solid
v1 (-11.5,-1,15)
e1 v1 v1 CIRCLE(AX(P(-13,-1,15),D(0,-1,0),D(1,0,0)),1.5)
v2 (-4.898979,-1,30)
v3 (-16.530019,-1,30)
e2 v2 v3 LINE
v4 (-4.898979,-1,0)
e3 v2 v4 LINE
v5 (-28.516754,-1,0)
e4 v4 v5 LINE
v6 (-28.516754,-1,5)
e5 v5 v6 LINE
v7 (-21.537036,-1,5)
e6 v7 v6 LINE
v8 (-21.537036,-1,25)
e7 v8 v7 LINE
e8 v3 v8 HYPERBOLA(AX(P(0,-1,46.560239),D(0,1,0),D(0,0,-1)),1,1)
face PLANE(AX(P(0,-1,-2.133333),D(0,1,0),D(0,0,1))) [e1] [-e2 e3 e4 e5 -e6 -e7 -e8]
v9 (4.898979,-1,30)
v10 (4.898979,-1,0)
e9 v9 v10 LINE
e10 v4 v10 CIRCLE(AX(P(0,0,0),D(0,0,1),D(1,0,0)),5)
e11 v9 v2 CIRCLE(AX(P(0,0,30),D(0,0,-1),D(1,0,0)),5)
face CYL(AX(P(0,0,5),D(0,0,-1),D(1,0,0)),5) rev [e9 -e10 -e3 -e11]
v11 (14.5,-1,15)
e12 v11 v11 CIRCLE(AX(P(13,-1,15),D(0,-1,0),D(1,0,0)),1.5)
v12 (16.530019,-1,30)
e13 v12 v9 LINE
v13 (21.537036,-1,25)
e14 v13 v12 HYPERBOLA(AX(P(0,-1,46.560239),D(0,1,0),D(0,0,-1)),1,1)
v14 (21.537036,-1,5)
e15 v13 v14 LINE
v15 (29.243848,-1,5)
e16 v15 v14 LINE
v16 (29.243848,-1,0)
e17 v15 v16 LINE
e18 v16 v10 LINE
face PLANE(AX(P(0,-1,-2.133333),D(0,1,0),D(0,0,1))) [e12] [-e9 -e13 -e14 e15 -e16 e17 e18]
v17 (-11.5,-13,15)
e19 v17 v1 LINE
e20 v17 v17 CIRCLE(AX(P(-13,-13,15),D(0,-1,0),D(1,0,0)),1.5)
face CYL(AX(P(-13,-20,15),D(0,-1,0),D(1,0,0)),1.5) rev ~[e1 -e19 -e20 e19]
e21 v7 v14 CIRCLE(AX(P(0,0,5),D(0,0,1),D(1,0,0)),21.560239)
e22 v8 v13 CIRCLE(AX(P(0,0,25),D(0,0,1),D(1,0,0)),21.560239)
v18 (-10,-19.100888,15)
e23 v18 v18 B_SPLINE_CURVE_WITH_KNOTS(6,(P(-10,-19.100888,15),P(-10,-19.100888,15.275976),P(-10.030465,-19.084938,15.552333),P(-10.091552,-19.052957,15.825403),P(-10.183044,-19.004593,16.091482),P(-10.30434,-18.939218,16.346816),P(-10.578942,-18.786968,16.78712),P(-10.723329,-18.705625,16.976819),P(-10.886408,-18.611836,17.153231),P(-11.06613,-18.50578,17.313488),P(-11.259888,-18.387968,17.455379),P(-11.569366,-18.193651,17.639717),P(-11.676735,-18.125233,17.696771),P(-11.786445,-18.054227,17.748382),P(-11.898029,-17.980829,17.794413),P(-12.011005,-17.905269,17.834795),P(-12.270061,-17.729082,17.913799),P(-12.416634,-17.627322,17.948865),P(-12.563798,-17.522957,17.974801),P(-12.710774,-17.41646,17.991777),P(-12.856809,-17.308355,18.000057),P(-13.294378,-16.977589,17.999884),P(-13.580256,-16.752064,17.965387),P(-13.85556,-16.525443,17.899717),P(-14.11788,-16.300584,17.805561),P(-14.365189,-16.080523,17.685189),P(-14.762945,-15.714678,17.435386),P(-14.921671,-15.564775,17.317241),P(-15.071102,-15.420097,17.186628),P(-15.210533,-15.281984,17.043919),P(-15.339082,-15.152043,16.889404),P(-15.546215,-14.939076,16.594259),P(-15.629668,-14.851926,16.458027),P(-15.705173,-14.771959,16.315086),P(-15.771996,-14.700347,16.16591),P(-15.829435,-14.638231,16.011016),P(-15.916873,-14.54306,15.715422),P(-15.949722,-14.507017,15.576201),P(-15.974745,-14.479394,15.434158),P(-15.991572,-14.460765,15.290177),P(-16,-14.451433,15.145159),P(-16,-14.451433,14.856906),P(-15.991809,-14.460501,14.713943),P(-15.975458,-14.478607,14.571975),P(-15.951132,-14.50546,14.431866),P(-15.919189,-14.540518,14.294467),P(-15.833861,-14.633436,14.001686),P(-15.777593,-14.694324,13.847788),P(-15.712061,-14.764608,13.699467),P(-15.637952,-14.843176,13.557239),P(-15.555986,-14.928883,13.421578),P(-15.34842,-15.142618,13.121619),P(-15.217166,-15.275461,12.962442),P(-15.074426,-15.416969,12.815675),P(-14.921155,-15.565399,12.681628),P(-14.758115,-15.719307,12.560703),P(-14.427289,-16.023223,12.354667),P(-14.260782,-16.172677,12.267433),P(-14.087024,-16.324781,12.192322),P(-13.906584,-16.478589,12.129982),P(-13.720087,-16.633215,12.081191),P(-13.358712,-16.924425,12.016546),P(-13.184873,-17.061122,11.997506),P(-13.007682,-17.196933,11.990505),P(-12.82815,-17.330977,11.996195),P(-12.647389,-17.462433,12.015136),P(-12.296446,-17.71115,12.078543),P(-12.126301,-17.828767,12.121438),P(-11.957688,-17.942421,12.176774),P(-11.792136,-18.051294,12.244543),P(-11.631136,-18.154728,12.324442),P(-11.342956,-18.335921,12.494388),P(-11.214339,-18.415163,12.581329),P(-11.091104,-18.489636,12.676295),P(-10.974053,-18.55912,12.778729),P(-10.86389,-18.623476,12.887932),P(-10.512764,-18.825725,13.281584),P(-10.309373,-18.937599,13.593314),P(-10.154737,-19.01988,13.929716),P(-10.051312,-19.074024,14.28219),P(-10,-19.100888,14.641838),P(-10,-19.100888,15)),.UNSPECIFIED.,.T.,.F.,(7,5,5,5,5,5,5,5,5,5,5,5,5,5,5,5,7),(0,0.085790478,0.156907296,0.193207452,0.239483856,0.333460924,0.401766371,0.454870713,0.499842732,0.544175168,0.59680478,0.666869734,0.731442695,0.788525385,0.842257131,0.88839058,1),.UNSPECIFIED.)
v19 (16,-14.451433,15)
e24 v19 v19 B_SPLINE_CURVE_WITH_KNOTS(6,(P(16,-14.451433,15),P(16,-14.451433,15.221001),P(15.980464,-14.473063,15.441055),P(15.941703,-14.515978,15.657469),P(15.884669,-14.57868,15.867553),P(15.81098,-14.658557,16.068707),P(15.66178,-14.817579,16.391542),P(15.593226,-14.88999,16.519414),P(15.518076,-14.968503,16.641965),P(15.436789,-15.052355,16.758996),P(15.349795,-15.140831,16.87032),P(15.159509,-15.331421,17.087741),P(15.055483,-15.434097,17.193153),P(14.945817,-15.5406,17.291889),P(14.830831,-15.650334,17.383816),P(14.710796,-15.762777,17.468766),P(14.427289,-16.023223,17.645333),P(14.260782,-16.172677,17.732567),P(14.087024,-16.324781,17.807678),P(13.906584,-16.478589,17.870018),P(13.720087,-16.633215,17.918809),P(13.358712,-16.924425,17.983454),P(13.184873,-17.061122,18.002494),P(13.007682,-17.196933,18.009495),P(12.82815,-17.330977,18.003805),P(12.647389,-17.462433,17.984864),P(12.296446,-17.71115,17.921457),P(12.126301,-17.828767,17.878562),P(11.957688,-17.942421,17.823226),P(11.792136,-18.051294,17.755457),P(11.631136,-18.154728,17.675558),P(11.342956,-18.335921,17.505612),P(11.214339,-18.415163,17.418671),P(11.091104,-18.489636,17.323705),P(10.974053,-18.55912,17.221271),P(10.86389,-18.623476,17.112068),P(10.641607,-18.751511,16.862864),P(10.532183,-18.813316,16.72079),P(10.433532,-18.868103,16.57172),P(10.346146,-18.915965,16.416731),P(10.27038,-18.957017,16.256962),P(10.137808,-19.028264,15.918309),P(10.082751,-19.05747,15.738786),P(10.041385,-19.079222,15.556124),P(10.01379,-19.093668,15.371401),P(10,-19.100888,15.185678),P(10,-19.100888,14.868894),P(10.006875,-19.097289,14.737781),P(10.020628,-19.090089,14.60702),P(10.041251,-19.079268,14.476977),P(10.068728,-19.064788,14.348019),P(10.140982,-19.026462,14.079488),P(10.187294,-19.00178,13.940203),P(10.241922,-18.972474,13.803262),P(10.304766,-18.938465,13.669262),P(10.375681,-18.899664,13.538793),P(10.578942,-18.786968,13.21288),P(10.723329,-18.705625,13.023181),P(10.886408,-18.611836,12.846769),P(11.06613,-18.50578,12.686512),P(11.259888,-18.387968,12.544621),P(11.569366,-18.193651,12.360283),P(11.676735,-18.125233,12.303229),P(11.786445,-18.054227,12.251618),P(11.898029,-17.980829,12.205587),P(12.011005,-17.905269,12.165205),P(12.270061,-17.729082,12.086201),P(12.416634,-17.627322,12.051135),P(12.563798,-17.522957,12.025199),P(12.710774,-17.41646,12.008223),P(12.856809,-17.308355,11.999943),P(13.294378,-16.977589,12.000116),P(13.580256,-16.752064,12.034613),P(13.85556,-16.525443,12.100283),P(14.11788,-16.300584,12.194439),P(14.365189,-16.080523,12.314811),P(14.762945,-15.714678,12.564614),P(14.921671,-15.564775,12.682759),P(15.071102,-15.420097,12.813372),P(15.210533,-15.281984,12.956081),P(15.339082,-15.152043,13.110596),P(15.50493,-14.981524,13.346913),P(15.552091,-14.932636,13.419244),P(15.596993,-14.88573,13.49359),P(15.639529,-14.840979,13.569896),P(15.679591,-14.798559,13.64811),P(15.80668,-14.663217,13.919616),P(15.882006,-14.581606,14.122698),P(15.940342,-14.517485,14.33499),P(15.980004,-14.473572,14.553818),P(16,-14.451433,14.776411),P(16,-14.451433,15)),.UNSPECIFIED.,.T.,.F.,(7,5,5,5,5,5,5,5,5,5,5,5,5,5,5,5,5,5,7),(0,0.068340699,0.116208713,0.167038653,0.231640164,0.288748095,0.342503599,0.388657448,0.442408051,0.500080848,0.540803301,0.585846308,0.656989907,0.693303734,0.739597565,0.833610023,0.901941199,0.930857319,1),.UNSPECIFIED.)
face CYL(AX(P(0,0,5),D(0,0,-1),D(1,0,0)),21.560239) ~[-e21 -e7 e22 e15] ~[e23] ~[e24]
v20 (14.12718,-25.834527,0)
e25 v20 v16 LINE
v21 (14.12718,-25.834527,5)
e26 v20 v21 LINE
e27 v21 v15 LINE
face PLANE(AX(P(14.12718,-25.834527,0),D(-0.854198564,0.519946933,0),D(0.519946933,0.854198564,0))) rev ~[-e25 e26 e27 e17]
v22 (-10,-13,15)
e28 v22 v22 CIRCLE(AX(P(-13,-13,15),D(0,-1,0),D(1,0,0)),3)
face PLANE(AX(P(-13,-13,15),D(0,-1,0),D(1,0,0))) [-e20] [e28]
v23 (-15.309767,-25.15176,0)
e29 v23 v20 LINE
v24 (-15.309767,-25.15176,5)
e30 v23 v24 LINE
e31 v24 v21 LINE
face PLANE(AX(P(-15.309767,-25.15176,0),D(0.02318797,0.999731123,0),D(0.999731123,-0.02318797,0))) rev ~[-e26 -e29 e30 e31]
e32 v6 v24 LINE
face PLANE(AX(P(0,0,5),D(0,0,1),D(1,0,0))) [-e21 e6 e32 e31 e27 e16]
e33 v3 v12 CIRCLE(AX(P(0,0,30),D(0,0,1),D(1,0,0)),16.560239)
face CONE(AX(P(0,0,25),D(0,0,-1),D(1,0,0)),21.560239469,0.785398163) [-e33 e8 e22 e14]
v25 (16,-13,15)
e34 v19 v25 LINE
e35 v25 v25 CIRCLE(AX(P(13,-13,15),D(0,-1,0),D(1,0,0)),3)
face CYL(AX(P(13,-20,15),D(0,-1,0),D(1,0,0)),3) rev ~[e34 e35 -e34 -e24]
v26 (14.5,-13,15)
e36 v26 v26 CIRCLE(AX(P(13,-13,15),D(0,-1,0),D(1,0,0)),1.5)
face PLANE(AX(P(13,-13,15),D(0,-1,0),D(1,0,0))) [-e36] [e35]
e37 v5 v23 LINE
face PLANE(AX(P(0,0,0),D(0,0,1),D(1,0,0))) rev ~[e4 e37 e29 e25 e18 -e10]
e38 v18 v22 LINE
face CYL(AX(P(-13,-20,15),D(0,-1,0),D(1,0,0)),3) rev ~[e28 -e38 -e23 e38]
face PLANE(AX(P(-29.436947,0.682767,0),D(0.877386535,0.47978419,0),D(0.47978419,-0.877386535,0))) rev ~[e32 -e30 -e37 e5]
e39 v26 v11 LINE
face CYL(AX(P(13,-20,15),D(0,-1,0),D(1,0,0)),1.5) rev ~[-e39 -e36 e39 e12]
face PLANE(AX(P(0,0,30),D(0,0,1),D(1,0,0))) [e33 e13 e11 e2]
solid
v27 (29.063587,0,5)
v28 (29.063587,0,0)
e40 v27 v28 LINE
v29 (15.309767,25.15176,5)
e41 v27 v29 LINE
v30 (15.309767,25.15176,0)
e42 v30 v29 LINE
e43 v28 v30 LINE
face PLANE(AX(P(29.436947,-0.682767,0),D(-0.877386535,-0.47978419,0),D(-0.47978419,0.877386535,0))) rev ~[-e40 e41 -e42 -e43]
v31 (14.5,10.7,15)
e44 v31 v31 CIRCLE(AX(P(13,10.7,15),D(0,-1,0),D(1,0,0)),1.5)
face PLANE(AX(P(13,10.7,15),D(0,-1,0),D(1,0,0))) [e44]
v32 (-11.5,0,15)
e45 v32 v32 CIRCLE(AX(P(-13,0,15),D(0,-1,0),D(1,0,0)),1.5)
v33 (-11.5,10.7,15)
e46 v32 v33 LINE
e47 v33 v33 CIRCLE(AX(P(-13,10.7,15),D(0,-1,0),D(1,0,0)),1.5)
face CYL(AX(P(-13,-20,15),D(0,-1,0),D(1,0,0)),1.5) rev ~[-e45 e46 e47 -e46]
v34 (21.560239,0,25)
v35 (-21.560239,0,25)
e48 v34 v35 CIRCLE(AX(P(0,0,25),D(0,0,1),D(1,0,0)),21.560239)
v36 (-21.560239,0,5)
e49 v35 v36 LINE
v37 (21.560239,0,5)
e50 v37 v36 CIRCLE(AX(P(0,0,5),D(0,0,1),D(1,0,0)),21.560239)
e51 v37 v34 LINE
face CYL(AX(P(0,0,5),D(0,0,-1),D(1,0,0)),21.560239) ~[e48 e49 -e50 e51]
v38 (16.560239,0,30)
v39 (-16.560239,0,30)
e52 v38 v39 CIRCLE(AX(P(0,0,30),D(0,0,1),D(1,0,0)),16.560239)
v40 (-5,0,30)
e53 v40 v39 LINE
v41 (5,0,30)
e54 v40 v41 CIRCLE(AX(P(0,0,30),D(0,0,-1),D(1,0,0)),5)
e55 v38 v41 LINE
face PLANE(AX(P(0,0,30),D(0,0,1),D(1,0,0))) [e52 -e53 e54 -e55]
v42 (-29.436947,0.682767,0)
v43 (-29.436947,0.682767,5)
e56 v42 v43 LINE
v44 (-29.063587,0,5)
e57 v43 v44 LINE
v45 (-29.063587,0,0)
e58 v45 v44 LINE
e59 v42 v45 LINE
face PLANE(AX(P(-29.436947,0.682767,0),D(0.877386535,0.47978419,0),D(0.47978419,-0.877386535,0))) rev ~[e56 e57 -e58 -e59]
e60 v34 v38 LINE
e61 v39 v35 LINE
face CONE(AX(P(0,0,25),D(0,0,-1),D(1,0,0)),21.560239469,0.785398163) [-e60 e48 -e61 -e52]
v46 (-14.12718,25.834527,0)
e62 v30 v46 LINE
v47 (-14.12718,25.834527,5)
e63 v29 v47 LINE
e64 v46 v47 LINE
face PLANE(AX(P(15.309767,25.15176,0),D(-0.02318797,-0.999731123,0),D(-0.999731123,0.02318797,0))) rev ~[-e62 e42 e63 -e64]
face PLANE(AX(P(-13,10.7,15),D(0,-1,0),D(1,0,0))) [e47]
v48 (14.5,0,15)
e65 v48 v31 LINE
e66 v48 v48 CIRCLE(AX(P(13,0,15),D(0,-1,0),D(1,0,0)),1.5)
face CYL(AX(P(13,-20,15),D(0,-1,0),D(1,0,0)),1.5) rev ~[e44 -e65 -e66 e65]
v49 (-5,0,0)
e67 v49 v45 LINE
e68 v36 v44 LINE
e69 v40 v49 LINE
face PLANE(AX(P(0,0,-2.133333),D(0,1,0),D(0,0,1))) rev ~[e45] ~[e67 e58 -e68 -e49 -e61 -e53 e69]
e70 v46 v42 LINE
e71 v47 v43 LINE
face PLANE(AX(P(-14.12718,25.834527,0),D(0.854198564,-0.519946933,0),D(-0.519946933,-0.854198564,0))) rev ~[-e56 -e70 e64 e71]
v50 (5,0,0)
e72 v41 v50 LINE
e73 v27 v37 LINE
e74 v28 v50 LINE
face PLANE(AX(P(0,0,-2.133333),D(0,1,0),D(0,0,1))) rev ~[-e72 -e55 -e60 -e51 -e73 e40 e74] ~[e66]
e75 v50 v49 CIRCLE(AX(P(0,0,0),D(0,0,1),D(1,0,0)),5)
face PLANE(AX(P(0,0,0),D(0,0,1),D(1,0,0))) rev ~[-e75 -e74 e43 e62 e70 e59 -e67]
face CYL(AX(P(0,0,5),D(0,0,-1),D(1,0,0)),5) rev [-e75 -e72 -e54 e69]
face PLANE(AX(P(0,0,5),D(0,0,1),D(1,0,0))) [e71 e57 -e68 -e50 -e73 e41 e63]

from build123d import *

# Parameters (mm, degrees)
F0_R      = 5
F1_DEPTH  = 5
F2_R      = 21.5602394688
F3_DEPTH  = 25
F4_SIZE   = 5
F5_DEPTH  = 25.001
F7_R      = 3
F7_R_2    = 1.5
F8_DEPTH  = 7
F9_DEPTH  = 30.7
F10_W     = 1
F10_H     = 40
F11_DEPTH = 50


with BuildPart() as f1:
    # F0 (on Top) → F1 (new body)
    with BuildSketch(Plane.XY):
        Polygon((-14.1271800967, 25.8345269458), (-29.4369466782, 0.6827666253), (-15.3097665815, -25.1517603205), (14.1271800967, -25.8345269458), (29.4369466782, -0.6827666253), (15.3097665815, 25.1517603205), align=None)
        Circle(F0_R, mode=Mode.SUBTRACT)
    extrude(amount=F1_DEPTH)

    # F2 (on face) → F3 (join)
    with BuildSketch(Plane.XY.offset(5)):
        Circle(F2_R)
    extrude(amount=F3_DEPTH)

    # F4
    f4_edges = [f1.edges().sort_by_distance(p)[0] for p in [
        (-21.560239, 0, 30),
    ]]
    chamfer(f4_edges, length=F4_SIZE)

    # F5 (cut, through all): a face of the model
    f5_faces = [f1.faces().sort_by_distance(p)[0] for p in [
        (0, 0, 5),
    ]]
    extrude(f5_faces, amount=-F5_DEPTH, mode=Mode.SUBTRACT)

    # F7 (on offset) → F8 (cut)
    with BuildSketch(Plane.XZ.offset(20)):
        with Locations((13, 15)):
            Circle(F7_R)
        with Locations((13, 15)):
            Circle(F7_R_2, mode=Mode.SUBTRACT)
        with Locations((-13, 15)):
            Circle(F7_R)
        with Locations((-13, 15)):
            Circle(F7_R_2, mode=Mode.SUBTRACT)
        with Locations((13, 15)):
            Circle(F7_R_2)
        with Locations((-13, 15)):
            Circle(F7_R_2)
    extrude(amount=-F8_DEPTH, mode=Mode.SUBTRACT)

    # F7 (on offset) → F9 (cut)
    with BuildSketch(Plane.XZ.offset(20)):
        with Locations((-13, 15)):
            Circle(F7_R_2)
        with Locations((13, 15)):
            Circle(F7_R_2)
    extrude(amount=-F9_DEPTH, mode=Mode.SUBTRACT)

    # F10 (on Right) → F11 (cut, symmetric)
    with BuildSketch(Plane.YZ):
        with Locations((-0.5, 17.8666667133)):
            Rectangle(F10_W, F10_H)
    extrude(amount=F11_DEPTH, both=True, mode=Mode.SUBTRACT)


solid = f1.part
